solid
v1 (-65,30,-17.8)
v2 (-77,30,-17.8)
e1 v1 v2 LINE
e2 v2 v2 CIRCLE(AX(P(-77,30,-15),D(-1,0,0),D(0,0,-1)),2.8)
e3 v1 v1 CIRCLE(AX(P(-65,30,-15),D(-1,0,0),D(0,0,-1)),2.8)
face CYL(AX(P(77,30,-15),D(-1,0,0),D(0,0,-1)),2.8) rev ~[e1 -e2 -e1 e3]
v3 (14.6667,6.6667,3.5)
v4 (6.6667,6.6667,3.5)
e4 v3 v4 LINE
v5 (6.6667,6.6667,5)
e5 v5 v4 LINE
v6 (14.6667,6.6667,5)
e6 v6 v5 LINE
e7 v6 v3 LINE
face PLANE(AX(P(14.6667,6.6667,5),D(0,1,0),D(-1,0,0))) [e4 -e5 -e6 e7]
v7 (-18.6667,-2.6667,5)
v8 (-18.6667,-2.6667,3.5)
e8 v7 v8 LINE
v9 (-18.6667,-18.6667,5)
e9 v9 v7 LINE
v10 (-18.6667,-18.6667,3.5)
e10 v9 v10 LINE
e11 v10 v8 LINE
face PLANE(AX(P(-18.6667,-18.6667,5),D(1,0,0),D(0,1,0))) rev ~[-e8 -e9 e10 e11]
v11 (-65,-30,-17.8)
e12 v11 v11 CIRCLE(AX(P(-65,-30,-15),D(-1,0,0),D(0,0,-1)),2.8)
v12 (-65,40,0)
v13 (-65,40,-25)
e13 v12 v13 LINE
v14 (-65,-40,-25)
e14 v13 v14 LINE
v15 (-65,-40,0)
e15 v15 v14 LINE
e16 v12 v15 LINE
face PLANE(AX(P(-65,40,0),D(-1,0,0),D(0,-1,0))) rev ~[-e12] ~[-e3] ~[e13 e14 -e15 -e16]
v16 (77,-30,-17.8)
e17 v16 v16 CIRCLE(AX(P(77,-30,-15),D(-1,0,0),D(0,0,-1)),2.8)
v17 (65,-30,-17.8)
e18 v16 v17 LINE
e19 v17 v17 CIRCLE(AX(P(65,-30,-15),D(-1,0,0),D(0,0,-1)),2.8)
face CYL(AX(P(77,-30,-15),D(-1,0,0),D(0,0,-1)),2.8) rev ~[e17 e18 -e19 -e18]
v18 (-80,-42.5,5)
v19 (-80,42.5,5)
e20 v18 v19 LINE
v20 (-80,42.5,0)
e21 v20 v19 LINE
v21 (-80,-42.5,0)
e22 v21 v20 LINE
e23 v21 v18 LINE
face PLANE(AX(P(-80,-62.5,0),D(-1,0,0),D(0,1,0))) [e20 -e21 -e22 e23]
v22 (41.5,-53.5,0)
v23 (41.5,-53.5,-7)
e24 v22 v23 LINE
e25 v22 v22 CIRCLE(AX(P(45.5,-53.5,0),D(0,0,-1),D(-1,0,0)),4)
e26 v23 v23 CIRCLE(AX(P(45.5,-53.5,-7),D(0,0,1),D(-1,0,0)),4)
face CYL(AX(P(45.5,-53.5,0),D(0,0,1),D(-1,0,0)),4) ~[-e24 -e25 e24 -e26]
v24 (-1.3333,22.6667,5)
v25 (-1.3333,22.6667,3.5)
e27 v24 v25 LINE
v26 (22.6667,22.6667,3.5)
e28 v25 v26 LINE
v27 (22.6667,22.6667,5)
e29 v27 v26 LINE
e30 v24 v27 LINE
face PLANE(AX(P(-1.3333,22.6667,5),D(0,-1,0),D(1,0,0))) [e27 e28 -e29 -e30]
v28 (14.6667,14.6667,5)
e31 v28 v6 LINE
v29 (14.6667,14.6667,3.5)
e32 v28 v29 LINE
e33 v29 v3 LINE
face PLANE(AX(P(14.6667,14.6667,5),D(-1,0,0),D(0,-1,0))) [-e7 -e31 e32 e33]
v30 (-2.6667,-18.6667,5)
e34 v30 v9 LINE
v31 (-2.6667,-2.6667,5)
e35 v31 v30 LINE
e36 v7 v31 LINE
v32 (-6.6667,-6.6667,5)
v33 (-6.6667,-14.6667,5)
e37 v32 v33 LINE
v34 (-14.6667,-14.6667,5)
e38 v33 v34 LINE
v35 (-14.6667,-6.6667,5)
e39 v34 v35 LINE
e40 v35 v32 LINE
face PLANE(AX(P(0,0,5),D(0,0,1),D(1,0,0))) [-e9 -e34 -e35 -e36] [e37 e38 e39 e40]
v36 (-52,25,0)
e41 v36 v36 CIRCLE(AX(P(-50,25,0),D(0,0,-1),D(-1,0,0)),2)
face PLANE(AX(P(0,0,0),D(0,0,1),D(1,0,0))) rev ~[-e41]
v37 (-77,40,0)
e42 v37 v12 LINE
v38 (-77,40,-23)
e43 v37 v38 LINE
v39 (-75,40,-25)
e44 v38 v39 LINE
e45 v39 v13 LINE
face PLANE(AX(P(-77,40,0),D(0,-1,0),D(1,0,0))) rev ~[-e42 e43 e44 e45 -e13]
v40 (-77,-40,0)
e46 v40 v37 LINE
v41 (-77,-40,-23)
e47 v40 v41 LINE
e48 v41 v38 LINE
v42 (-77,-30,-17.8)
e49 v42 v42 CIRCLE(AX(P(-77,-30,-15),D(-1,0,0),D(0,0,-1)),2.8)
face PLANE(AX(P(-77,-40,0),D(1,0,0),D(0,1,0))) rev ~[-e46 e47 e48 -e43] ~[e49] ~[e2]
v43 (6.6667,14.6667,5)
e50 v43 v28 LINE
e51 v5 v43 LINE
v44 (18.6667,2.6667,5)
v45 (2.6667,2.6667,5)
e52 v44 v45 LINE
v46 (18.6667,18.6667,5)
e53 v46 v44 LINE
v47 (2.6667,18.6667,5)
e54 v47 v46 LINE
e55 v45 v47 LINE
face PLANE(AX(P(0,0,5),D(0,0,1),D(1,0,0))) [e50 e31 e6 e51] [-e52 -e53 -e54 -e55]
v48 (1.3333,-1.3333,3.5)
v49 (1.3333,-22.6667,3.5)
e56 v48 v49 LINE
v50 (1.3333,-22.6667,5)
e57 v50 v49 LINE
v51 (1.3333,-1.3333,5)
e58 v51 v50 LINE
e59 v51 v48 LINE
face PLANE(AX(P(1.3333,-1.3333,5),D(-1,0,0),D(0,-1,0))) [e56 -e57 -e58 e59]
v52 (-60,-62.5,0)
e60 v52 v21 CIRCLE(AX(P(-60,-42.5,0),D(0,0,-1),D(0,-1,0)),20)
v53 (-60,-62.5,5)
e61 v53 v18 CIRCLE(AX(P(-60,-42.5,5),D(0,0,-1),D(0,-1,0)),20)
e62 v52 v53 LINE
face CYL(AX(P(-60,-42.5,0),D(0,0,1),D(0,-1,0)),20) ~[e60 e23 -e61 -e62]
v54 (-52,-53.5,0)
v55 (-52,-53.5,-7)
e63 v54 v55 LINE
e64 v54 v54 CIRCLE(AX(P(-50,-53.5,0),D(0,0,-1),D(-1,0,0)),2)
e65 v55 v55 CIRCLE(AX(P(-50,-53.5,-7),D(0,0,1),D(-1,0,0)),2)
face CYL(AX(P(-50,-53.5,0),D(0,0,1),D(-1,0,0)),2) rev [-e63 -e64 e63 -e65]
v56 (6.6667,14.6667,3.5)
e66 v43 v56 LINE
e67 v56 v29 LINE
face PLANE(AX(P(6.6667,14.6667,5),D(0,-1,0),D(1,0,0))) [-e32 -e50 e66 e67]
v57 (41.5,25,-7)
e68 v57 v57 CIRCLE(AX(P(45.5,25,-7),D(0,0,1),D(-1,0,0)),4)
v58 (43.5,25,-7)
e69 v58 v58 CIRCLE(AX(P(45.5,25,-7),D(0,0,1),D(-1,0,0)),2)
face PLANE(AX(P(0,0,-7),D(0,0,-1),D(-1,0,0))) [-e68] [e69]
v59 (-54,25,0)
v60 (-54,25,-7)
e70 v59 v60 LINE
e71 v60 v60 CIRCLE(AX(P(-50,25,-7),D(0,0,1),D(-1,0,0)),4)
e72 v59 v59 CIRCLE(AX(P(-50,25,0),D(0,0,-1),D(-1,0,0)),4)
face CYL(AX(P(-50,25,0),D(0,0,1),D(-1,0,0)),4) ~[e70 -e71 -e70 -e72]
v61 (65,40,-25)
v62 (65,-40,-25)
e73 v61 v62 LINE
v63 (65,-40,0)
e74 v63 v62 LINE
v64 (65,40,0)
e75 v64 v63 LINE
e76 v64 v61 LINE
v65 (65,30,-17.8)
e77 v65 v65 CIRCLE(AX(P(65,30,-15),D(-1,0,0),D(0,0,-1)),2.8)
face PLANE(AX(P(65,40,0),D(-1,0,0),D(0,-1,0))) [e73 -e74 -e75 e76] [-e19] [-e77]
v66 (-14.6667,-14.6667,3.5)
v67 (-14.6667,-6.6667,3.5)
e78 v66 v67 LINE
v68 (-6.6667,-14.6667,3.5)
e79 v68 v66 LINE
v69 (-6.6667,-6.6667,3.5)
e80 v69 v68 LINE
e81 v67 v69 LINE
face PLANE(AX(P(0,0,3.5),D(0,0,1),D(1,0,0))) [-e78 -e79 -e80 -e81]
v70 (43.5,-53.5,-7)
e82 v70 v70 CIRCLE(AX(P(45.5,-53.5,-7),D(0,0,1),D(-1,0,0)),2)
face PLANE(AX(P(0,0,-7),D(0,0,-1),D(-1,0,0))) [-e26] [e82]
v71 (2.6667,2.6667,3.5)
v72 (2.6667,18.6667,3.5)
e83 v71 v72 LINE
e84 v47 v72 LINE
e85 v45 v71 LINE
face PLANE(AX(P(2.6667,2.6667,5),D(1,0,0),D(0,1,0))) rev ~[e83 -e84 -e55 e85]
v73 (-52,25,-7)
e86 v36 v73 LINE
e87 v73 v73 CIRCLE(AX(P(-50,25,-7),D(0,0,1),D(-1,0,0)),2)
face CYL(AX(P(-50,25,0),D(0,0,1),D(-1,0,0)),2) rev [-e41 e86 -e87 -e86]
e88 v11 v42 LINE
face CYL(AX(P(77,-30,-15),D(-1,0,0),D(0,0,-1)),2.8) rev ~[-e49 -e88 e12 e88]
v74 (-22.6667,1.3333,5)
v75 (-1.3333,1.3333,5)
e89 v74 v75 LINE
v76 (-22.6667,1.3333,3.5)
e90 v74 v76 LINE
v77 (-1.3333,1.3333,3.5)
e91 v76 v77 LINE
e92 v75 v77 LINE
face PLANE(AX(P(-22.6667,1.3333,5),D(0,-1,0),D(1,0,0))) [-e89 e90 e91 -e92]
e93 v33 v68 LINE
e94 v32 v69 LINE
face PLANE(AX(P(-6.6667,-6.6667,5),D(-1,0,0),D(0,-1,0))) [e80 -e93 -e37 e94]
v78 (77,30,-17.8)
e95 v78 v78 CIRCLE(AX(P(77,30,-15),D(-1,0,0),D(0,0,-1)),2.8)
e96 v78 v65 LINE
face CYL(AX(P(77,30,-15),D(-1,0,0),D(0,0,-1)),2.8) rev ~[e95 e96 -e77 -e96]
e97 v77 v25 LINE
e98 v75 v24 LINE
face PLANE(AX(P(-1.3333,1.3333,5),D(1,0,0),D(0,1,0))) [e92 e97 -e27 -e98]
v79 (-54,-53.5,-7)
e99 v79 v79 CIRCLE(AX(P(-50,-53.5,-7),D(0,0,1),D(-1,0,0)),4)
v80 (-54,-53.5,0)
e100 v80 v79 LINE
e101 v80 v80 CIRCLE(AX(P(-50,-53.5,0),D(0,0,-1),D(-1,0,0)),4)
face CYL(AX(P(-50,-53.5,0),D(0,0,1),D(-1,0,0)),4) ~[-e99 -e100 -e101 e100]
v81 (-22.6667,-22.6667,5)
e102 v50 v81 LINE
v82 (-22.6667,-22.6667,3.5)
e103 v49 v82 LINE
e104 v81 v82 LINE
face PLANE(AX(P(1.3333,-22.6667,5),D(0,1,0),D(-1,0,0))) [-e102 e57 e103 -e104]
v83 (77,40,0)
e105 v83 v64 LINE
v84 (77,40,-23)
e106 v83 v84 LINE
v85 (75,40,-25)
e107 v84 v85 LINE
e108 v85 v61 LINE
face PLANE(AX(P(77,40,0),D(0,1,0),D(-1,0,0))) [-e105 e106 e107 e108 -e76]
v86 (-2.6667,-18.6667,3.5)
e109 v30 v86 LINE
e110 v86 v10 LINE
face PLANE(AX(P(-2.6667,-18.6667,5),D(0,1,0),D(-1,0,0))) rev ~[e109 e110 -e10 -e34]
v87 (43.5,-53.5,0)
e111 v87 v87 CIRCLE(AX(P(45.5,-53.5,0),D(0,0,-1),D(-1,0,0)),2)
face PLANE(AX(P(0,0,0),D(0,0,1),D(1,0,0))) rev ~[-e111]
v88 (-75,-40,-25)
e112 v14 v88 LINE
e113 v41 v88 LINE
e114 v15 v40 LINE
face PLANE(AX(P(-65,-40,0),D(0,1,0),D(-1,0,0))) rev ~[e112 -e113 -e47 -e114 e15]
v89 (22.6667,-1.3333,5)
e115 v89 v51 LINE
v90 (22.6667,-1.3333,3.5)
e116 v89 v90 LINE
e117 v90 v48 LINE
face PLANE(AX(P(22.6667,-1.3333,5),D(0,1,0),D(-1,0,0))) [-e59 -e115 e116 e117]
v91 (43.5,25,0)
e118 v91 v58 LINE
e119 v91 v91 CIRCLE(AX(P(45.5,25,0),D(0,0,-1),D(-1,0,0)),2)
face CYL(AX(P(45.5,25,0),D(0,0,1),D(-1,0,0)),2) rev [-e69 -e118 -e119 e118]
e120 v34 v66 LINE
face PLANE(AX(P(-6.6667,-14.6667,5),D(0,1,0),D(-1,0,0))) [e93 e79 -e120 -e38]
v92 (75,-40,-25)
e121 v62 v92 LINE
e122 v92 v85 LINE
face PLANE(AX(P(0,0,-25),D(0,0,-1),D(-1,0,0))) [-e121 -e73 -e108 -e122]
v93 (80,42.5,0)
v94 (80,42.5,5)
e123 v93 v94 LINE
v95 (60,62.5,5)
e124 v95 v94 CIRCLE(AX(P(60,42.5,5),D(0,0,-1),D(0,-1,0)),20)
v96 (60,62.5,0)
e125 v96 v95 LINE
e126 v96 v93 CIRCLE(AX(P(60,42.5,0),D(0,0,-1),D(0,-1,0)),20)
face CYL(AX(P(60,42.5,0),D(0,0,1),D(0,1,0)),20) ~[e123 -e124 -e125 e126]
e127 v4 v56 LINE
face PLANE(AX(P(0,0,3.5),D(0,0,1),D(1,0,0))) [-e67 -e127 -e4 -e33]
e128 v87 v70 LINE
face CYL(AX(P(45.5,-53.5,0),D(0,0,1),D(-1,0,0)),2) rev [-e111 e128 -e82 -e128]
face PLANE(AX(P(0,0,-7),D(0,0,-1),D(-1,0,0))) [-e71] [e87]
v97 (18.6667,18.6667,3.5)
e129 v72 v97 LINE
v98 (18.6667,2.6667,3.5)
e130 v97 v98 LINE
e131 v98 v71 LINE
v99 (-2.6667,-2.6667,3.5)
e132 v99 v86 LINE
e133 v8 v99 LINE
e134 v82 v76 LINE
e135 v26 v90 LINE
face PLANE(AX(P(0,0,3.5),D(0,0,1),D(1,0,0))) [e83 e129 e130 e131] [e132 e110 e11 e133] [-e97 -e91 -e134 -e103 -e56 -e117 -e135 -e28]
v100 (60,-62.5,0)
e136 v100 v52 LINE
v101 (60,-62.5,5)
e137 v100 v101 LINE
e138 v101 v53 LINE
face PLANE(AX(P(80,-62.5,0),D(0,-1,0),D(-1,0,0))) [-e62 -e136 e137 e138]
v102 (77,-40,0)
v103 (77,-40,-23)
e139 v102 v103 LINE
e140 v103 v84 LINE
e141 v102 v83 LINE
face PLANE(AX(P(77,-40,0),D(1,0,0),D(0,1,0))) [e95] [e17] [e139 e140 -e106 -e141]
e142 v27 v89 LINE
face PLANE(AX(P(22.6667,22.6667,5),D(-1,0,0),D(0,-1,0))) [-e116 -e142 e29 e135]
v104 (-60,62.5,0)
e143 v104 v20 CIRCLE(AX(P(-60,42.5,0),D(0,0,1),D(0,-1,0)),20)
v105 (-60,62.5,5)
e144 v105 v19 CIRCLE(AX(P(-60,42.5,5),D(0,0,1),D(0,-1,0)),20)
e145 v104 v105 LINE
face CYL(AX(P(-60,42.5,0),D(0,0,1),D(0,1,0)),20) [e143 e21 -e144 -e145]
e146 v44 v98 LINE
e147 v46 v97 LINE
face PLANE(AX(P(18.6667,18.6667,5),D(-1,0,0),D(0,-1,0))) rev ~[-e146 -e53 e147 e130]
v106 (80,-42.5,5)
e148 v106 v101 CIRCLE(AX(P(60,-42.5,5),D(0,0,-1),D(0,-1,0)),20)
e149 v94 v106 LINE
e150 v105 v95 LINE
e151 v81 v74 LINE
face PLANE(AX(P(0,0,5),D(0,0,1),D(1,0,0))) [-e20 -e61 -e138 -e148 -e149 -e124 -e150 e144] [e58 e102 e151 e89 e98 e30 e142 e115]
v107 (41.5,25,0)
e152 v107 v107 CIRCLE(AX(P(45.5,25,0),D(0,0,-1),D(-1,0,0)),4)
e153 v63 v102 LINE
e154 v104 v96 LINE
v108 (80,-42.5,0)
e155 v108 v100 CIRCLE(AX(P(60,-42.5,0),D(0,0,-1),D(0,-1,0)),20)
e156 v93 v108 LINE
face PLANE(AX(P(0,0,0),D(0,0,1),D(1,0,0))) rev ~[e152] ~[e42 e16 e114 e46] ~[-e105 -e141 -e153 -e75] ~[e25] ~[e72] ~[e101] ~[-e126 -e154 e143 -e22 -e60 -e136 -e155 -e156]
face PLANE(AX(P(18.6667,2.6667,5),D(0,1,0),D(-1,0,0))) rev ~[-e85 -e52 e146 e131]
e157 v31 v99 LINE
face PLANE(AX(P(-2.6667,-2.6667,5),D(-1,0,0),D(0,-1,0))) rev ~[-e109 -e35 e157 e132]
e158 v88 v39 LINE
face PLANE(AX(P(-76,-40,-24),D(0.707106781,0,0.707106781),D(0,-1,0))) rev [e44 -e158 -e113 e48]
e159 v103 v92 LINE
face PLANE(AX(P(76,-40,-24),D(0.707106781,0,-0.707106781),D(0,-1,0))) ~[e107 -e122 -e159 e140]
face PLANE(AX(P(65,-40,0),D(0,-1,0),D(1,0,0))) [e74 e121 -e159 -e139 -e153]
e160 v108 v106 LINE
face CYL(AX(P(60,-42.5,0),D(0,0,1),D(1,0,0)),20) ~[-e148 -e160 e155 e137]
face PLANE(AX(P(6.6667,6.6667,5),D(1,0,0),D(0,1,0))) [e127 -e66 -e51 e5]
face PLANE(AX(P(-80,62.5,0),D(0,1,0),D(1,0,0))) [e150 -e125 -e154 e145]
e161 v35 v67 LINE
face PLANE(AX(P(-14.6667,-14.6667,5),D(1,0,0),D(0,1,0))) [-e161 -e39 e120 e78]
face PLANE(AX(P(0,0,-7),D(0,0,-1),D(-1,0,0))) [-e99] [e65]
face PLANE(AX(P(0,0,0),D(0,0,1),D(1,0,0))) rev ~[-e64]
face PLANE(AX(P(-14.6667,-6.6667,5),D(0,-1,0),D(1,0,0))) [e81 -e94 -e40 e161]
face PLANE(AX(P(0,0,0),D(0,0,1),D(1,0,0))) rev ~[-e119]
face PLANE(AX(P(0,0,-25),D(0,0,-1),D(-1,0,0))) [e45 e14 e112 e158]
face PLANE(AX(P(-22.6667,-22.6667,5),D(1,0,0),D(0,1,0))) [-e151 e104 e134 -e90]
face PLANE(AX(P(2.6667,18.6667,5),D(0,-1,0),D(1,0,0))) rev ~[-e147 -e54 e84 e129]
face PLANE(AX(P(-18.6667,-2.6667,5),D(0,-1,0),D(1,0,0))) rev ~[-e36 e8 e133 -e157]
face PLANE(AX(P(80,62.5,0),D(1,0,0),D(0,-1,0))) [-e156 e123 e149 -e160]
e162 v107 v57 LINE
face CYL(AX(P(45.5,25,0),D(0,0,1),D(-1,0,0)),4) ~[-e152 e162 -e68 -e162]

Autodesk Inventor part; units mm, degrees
ref_plane "YZ Plane" through (0, 0, 0) normal (1, 0, 0) x (0, 1, 0)
ref_plane "XZ Plane" through (0, 0, 0) normal (0, 1, 0) x (-1, 0, 0)
ref_plane "XY Plane" through (0, 0, 0) normal (0, 0, 1) x (1, 0, 0)
sketch "Skizze1" plane through (0, 0, 0) normal (0, 0, 1) x (1, 0, 0)
  line L0 (-80, 62.5) -> (80, 62.5)
  line L1 (80, 62.5) -> (80, -62.5)
  line L2 (80, -62.5) -> (-80, -62.5)
  line L3 (-80, -62.5) -> (-80, 62.5)
  line L4 (-80, 62.5) -> (80, -62.5) construction
  line L5 (80, 62.5) -> (-80, -62.5) construction
  point P0 (0, 0)
  dimension "d0" = 160
  dimension "d1" = 125
extrude "Extrusion1" add sketch "Skizze1" along normal blind 5
fillet "Rundung1" radius 20 4 edges at (80, 62.5, 2.5) (80, -62.5, 2.5) (-80, -62.5, 2.5) (-80, 62.5, 2.5)
sketch "Skizze2" plane through (0, 0, 5) normal (0, 0, 1) x (1, 0, 0)
  line L0 (6.6667, 14.6667) -> (14.6667, 14.6667)
  line L1 (14.6667, 14.6667) -> (14.6667, 6.6667)
  line L2 (14.6667, 6.6667) -> (6.6667, 6.6667)
  line L3 (6.6667, 6.6667) -> (6.6667, 14.6667)
  line L4 (6.6667, 14.6667) -> (14.6667, 6.6667) construction
  line L5 (14.6667, 14.6667) -> (6.6667, 6.6667) construction
  line L6 (2.6667, 18.6667) -> (18.6667, 18.6667)
  line L7 (18.6667, 18.6667) -> (18.6667, 2.6667)
  line L8 (18.6667, 2.6667) -> (2.6667, 2.6667)
  line L9 (2.6667, 2.6667) -> (2.6667, 18.6667)
  line L10 (2.6667, 18.6667) -> (18.6667, 2.6667) construction
  line L11 (18.6667, 18.6667) -> (2.6667, 2.6667) construction
  line L12 (-1.3333, 22.6667) -> (22.6667, 22.6667)
  line L13 (22.6667, 22.6667) -> (22.6667, -1.3333)
  line L14 (22.6667, -1.3333) -> (-1.3333, -1.3333)
  line L15 (-1.3333, -1.3333) -> (-1.3333, 22.6667)
  line L16 (-1.3333, 22.6667) -> (22.6667, -1.3333) construction
  line L17 (22.6667, 22.6667) -> (-1.3333, -1.3333) construction
  line L18 (-10.6667, -10.6667) -> (10.6667, -10.6667) construction
  line L19 (10.6667, -10.6667) -> (10.6667, 10.6667) construction
  line L20 (10.6667, 10.6667) -> (-10.6667, 10.6667) construction
  line L21 (-10.6667, 10.6667) -> (-10.6667, -10.6667) construction
  line L22 (-10.6667, -10.6667) -> (10.6667, 10.6667) construction
  line L23 (10.6667, -10.6667) -> (-10.6667, 10.6667) construction
  line L24 (60, 62.5) -> (-60, 62.5) construction
  line L25 (80, -42.5) -> (80, 42.5) construction
  line L26 (-14.6667, -14.6667) -> (-14.6667, -6.6667)
  line L27 (-14.6667, -6.6667) -> (-6.6667, -6.6667)
  line L28 (-6.6667, -6.6667) -> (-6.6667, -14.6667)
  line L29 (-6.6667, -14.6667) -> (-14.6667, -14.6667)
  line L30 (-6.6667, -6.6667) -> (-14.6667, -14.6667) construction
  line L31 (-2.6667, -2.6667) -> (-2.6667, -18.6667)
  line L32 (-18.6667, -2.6667) -> (-2.6667, -2.6667)
  line L33 (-18.6667, -18.6667) -> (-18.6667, -2.6667)
  line L34 (-2.6667, -18.6667) -> (-18.6667, -18.6667)
  line L35 (-2.6667, -2.6667) -> (-18.6667, -18.6667) construction
  line L36 (-18.6667, -2.6667) -> (-2.6667, -18.6667) construction
  line L37 (1.3333, -22.6667) -> (-22.6667, -22.6667)
  line L38 (-22.6667, 1.3333) -> (1.3333, 1.3333)
  line L39 (-22.6667, -22.6667) -> (-22.6667, 1.3333)
  line L40 (1.3333, 1.3333) -> (1.3333, -22.6667)
  line L41 (-22.6667, 1.3333) -> (1.3333, -22.6667) construction
  line L42 (1.3333, 1.3333) -> (-22.6667, -22.6667) construction
  line L43 (-14.6667, -6.6667) -> (-6.6667, -14.6667) construction
  point P0 (0, 0)
  point P1 (1.3333, -1.3333)
  point P2 (-1.3333, 1.3333)
  dimension "d14" = 8
  dimension "d15" = 8
  dimension "d16" = 16
  dimension "d17" = 16
  dimension "d18" = 24
  dimension "d20" = 21.3333
  dimension "d21" = 21.3333
  dimension "d22" = 62.5
  dimension "d23" = 80
  dimension "d24" = 8
  dimension "d25" = 8
  dimension "d26" = 16
  dimension "d27" = 16
  dimension "d28" = 24
extrude "Extrusion2" cut sketch "Skizze2" against normal blind 1.5
sketch "Skizze3" plane through (0, 0, 0) normal (0, 0, -1) x (-1, 0, 0)
  circle A0 centre (50, -53.5) radius 4
  line L0 (60, -62.5) -> (-60, -62.5) projected
  line L1 (80, 42.5) -> (80, -42.5) projected
  line L2 (50, -53.5) -> (-45.5, -53.5)
  line L3 (-45.5, -53.5) -> (-45.5, 25)
  line L4 (-45.5, 25) -> (50, 25)
  line L5 (50, 25) -> (50, -53.5)
  circle A1 centre (-45.5, -53.5) radius 4
  circle A2 centre (-45.5, 25) radius 4
  circle A3 centre (50, 25) radius 4
  circle A4 centre (-45.5, 25) radius 2
  circle A5 centre (50, 25) radius 2
  circle A6 centre (50, -53.5) radius 2
  circle A7 centre (-45.5, -53.5) radius 2
  point P0 (0, 0)
  dimension "d31" = 9
  dimension "d32" = 30
  dimension "d33" = 8
  dimension "d34" = 78.5
  dimension "d35" = 95.5
  dimension "d36" = 8
  dimension "d37" = 8
  dimension "d38" = 8
  dimension "d39" = 4
  dimension "d40" = 4
  dimension "d41" = 4
  dimension "d42" = 4
extrude "Extrusion3" add sketch "Skizze3" along normal blind 7 contours A0 L2 A6 L5 | L5 A6 L2 A0 | A3 L4 A5 L5 | L5 A5 L4 A3 | A1 L3 A7 L2 | L2 A7 L3 A1 | A2 L3 A4 L4 | L4 A4 L3 A2
sketch "Skizze4" plane through (0, 0, 0) normal (0, 0, -1) x (-1, 0, 0)
  line L0 (-80, -42.5) -> (-80, 42.5) projected
  line L1 (80, 42.5) -> (80, -42.5) projected
  line L2 (-77, 40) -> (-65, 40)
  line L3 (-65, 40) -> (-65, -40)
  line L4 (-65, -40) -> (-77, -40)
  line L5 (-77, -40) -> (-77, 40)
  line L6 (77, 40) -> (65, 40)
  line L7 (65, 40) -> (65, -40)
  line L8 (65, -40) -> (77, -40)
  line L9 (77, -40) -> (77, 40)
  point P0 (0, 0)
  point P1 (-71, 40)
  dimension "d45" = 3
  dimension "d46" = 80
  dimension "d47" = 40
  dimension "d48" = 12
  dimension "d49" = 3
  dimension "d50" = 12
  dimension "d51" = 80
  dimension "d52" = 40
extrude "Extrusion4" add sketch "Skizze4" along normal blind 25
sketch "Skizze5" plane through (77, -40, 0) normal (1, 0, 0) x (0, 0, -1)
  line L0 (0, 0) -> (0, 80) projected
  line L1 (0, 0) -> (25, 0) projected
  line L2 (25, 80) -> (25, 0) projected
  line L3 (0, 80) -> (25, 80) projected
  line L4 (0, -2.5) -> (0, 82.5) projected
  point P0 (0, 40)
  point P1 (15, 70)
  point P2 (15, 10)
  point P3 (0, 40)
  point P4 (0, 40)
  dimension "d55" = 30
  dimension "d56" = 30
  dimension "d57" = 15
  dimension "d58" = 15
hole "Bohrung1" at (77, 30, -15) at (77, -30, -15) direction (-1, 0, 0) diameter 5.6 depth 154
chamfer "Fasen1" distance 2 angle 45 2 edges at (77, 0, -25) (-77, 0, -25)
equation "\"d14\" = d24"
equation "\"d15\" = d14"
equation "\"d16\" = 2 * d14"
equation "\"d17\" = d16"
equation "\"d18\" = 3 * d14"
equation "\"d20\" = 2.66667 * d24"
equation "\"d21\" = d20"
equation "\"d25\" = d24"
equation "\"d26\" = 2 * d24"
equation "\"d27\" = d26"
equation "\"d28\" = 3 * d24"
equation "\"d47\" = 0.5 * d46"
equation "\"d52\" = 0.5 * d51"
properties part number "240_Backplate"
